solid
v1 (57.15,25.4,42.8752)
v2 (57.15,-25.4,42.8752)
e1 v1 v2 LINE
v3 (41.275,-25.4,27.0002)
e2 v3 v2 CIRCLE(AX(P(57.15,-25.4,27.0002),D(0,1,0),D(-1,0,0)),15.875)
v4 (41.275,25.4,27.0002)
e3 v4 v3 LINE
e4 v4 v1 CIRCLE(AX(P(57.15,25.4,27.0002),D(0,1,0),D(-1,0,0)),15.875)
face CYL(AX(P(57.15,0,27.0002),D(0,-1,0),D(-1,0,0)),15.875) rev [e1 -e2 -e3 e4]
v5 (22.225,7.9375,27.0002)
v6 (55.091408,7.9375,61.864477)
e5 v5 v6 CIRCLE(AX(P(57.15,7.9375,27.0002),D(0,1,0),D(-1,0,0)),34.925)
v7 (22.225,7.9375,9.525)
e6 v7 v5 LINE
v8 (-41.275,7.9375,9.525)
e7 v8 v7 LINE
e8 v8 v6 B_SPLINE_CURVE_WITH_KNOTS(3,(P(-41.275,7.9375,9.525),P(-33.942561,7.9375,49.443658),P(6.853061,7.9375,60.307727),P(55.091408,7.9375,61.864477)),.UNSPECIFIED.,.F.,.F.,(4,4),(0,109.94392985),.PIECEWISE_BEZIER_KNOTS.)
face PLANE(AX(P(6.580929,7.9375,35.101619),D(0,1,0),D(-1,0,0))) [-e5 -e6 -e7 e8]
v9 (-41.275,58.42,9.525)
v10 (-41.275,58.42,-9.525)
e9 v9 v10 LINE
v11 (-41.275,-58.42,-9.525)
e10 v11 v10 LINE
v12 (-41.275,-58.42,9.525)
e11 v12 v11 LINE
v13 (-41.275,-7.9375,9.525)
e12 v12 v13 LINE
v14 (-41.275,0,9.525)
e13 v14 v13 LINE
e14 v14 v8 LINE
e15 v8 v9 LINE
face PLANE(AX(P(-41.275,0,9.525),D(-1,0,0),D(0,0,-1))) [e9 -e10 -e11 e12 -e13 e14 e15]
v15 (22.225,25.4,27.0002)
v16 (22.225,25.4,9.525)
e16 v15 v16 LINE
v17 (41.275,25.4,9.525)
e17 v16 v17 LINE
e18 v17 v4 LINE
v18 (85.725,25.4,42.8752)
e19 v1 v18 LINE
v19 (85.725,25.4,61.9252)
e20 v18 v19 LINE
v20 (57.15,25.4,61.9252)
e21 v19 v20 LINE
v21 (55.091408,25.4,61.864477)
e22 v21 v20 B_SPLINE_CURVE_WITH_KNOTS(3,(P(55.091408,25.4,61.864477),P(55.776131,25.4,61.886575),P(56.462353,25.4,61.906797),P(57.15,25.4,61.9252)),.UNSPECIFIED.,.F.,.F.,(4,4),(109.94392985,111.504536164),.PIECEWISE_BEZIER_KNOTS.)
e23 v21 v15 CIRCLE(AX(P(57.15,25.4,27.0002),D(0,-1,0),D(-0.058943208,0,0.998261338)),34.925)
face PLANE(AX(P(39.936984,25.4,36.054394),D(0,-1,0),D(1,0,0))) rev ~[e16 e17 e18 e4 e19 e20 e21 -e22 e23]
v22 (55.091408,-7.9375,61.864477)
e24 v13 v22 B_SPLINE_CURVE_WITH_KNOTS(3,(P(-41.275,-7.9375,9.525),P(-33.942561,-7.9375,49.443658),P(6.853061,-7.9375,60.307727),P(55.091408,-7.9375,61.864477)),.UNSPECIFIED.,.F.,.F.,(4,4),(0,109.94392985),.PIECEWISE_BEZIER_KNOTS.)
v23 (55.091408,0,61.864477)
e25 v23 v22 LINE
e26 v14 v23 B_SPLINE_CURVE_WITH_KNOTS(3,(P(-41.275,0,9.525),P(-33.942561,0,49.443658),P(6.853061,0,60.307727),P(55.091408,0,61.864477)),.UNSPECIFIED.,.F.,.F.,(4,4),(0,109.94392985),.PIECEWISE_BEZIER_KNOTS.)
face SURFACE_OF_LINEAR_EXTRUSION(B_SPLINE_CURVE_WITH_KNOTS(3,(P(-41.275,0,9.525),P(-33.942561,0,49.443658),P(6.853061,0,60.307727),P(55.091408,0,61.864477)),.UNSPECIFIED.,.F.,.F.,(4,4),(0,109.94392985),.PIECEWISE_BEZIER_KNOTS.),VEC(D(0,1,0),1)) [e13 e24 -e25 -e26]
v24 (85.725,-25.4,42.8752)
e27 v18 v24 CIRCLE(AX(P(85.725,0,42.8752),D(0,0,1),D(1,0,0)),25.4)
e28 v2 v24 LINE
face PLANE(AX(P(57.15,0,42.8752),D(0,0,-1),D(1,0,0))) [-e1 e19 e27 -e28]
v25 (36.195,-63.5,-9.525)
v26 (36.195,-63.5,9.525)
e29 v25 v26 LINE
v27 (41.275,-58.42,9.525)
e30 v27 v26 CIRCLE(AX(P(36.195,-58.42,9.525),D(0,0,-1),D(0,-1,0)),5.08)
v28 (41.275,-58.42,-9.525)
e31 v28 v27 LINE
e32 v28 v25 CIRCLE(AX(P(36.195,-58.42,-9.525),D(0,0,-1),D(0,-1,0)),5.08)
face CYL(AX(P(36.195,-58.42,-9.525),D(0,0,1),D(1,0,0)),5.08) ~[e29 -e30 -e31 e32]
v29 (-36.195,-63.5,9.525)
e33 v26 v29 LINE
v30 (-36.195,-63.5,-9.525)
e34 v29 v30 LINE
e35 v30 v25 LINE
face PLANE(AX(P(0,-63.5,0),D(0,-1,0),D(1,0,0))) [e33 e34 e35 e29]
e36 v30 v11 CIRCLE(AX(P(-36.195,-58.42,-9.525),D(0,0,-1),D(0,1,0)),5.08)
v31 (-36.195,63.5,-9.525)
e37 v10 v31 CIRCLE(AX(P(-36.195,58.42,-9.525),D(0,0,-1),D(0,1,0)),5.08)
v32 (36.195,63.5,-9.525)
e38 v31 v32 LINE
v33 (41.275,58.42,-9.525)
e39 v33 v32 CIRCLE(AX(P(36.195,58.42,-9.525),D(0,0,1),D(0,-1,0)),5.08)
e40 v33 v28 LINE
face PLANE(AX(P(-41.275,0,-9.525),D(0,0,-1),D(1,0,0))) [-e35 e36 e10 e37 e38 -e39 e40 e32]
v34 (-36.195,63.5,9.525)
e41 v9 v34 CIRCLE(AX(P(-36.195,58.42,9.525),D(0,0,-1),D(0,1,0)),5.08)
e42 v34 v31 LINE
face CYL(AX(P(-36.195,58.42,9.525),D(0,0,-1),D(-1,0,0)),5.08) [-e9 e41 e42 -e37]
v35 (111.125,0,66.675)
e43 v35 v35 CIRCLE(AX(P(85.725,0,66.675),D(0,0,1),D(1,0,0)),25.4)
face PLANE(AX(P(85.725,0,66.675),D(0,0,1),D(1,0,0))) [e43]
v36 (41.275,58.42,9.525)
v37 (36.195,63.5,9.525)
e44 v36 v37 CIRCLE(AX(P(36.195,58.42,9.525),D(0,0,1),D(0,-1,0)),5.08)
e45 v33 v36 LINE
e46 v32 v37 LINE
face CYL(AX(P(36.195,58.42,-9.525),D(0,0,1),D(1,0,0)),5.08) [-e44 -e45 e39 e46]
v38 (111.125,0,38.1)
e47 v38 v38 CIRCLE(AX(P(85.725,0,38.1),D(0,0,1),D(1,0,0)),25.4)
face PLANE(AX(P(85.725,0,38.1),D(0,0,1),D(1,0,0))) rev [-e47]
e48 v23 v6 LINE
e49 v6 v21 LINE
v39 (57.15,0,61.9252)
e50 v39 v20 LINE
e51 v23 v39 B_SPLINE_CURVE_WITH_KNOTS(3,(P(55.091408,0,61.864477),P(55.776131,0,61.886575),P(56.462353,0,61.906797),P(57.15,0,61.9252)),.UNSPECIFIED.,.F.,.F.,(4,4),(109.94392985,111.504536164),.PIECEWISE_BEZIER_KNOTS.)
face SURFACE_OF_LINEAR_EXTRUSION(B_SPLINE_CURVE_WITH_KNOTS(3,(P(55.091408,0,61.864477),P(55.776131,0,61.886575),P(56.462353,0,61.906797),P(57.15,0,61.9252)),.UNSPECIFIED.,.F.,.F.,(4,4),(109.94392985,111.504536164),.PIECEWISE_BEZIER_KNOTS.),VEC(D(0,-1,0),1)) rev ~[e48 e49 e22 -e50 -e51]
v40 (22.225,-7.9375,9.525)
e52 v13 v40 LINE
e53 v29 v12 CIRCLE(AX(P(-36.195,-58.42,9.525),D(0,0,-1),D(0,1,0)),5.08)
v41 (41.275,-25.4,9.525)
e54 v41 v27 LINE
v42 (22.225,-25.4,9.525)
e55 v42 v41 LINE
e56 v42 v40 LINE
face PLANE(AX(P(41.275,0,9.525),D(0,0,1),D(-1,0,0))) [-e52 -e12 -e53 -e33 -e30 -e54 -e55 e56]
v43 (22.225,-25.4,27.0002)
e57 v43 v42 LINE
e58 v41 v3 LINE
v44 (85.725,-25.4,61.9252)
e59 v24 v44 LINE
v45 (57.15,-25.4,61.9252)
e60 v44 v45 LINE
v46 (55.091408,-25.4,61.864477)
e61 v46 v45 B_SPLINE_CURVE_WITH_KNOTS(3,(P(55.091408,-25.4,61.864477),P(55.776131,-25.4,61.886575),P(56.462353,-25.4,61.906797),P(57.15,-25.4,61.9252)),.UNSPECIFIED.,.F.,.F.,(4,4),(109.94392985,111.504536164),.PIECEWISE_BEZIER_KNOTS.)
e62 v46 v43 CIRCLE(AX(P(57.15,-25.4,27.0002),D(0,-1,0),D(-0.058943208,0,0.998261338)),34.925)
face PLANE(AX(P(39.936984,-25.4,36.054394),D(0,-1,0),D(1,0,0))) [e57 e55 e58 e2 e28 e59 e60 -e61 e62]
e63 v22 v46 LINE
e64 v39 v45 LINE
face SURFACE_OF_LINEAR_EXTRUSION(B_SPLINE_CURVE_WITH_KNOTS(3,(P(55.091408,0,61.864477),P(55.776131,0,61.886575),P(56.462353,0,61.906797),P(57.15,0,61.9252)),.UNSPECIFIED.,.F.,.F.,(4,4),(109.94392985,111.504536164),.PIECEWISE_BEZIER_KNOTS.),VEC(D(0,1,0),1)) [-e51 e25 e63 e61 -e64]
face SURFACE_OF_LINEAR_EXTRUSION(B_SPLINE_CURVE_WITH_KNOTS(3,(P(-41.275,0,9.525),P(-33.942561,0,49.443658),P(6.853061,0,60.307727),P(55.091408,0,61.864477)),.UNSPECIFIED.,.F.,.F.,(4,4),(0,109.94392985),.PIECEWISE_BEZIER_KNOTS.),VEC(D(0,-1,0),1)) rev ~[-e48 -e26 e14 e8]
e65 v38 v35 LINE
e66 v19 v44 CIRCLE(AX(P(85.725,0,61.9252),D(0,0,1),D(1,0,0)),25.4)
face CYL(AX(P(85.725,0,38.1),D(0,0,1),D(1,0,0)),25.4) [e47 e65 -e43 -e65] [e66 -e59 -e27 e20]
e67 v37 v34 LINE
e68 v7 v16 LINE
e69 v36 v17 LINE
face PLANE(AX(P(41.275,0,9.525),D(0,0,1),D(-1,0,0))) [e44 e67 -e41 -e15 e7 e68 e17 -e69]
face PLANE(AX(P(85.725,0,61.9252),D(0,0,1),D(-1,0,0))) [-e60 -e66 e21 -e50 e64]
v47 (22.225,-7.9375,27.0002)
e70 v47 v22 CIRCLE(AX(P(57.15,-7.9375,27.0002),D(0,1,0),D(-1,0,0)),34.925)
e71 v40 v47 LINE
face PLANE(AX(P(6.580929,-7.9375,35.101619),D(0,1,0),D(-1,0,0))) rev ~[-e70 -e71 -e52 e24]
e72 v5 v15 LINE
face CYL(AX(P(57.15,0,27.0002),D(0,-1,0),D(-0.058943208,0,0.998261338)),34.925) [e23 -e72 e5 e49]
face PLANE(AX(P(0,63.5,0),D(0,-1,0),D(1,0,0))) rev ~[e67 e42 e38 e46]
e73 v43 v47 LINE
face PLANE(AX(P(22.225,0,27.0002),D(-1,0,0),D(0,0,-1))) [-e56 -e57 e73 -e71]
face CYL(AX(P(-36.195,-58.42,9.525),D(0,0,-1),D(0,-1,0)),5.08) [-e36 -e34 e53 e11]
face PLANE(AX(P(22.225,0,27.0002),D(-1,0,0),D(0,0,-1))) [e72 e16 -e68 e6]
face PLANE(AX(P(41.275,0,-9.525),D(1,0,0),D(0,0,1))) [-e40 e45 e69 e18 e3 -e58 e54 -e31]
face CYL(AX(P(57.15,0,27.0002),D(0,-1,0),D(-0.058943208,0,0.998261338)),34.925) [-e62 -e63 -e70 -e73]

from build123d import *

# Parameters (mm, degrees)
F1_DEPTH = 63.5
F2_DEPTH = 7.9375
F0_W     = 25.4
F0_H     = 19.05
F3_DEPTH = 25.4
F5_R     = 5.08


with BuildPart() as f1:
    # F0 (on Front) → F1 (new body, symmetric)
    with BuildSketch(Plane.XZ):
        Polygon((-41.275, -9.525), (41.275, -9.525), (41.275, 9.525), (22.225, 9.525), (-41.275, 9.525), align=None)
    extrude(amount=F1_DEPTH, both=True)

    # F0 (on Front) → F2 (join, symmetric)
    with BuildSketch(Plane.XZ):
        with BuildLine():
            add(Edge.make_bspline(
                [(-41.275, 9.525), (-33.9425614897, 49.4436582621), (6.8530607315, 60.3077269566), (55.0914084511, 61.8644772166)],
                knots=[0, 0, 0, 0, 109.9439298496, 109.9439298496, 109.9439298496, 109.9439298496], degree=3))
            Line((-41.275, 9.525), (22.225, 9.525))
            Line((22.225, 9.525), (22.225, 27.0002))
            ThreePointArc((22.225, 27.0002), (31.7368937864, 50.9570290384), (55.0914084511, 61.8644772166))
        make_face()
    extrude(amount=F2_DEPTH, both=True)

    # F0 (on Front) → F3 (join, symmetric)
    with BuildSketch(Plane.XZ):
        with BuildLine():
            Line((22.225, 9.525), (41.275, 9.525))
            Line((41.275, 9.525), (41.275, 27.0002))
            ThreePointArc((41.275, 27.0002), (45.9246798487, 38.2255201513), (57.15, 42.8752))
            Line((57.15, 42.8752), (60.325, 42.8752))
            Line((60.325, 42.8752), (60.325, 61.9252))
            Line((60.325, 61.9252), (57.15, 61.9252))
            add(Edge.make_bspline(
                [(55.0914084511, 61.8644772166), (55.7761308376, 61.8865746101), (56.4623528267, 61.9067967122), (57.15, 61.9252)],
                knots=[109.9439298496, 109.9439298496, 109.9439298496, 109.9439298496, 111.5045361635, 111.5045361635, 111.5045361635, 111.5045361635], degree=3))
            ThreePointArc((55.0914084511, 61.8644772166), (31.7368937864, 50.9570290384), (22.225, 27.0002))
            Line((22.225, 27.0002), (22.225, 9.525))
        make_face()
        with Locations((73.025, 52.4002)):
            Rectangle(F0_W, F0_H)
    extrude(amount=F3_DEPTH, both=True)

    # F0 (on Front) → F4 (revolve)
    with BuildSketch(Plane.XZ):
        Polygon((85.725, 61.9252), (85.725, 42.8752), (85.725, 38.1), (111.125, 38.1), (111.125, 66.675), (85.725, 66.675), align=None)
    revolve(axis=Axis((85.725, 0, 52.3875), (0, 0, 1)))

    # F5
    f5_edges = [f1.edges().sort_by_distance(p)[0] for p in [
        (-41.275, -63.5, 0),
        (41.275, -63.5, 0),
        (-41.275, 63.5, 0),
        (41.275, 63.5, 0),
    ]]
    fillet(f5_edges, radius=F5_R)


solid = f1.part
